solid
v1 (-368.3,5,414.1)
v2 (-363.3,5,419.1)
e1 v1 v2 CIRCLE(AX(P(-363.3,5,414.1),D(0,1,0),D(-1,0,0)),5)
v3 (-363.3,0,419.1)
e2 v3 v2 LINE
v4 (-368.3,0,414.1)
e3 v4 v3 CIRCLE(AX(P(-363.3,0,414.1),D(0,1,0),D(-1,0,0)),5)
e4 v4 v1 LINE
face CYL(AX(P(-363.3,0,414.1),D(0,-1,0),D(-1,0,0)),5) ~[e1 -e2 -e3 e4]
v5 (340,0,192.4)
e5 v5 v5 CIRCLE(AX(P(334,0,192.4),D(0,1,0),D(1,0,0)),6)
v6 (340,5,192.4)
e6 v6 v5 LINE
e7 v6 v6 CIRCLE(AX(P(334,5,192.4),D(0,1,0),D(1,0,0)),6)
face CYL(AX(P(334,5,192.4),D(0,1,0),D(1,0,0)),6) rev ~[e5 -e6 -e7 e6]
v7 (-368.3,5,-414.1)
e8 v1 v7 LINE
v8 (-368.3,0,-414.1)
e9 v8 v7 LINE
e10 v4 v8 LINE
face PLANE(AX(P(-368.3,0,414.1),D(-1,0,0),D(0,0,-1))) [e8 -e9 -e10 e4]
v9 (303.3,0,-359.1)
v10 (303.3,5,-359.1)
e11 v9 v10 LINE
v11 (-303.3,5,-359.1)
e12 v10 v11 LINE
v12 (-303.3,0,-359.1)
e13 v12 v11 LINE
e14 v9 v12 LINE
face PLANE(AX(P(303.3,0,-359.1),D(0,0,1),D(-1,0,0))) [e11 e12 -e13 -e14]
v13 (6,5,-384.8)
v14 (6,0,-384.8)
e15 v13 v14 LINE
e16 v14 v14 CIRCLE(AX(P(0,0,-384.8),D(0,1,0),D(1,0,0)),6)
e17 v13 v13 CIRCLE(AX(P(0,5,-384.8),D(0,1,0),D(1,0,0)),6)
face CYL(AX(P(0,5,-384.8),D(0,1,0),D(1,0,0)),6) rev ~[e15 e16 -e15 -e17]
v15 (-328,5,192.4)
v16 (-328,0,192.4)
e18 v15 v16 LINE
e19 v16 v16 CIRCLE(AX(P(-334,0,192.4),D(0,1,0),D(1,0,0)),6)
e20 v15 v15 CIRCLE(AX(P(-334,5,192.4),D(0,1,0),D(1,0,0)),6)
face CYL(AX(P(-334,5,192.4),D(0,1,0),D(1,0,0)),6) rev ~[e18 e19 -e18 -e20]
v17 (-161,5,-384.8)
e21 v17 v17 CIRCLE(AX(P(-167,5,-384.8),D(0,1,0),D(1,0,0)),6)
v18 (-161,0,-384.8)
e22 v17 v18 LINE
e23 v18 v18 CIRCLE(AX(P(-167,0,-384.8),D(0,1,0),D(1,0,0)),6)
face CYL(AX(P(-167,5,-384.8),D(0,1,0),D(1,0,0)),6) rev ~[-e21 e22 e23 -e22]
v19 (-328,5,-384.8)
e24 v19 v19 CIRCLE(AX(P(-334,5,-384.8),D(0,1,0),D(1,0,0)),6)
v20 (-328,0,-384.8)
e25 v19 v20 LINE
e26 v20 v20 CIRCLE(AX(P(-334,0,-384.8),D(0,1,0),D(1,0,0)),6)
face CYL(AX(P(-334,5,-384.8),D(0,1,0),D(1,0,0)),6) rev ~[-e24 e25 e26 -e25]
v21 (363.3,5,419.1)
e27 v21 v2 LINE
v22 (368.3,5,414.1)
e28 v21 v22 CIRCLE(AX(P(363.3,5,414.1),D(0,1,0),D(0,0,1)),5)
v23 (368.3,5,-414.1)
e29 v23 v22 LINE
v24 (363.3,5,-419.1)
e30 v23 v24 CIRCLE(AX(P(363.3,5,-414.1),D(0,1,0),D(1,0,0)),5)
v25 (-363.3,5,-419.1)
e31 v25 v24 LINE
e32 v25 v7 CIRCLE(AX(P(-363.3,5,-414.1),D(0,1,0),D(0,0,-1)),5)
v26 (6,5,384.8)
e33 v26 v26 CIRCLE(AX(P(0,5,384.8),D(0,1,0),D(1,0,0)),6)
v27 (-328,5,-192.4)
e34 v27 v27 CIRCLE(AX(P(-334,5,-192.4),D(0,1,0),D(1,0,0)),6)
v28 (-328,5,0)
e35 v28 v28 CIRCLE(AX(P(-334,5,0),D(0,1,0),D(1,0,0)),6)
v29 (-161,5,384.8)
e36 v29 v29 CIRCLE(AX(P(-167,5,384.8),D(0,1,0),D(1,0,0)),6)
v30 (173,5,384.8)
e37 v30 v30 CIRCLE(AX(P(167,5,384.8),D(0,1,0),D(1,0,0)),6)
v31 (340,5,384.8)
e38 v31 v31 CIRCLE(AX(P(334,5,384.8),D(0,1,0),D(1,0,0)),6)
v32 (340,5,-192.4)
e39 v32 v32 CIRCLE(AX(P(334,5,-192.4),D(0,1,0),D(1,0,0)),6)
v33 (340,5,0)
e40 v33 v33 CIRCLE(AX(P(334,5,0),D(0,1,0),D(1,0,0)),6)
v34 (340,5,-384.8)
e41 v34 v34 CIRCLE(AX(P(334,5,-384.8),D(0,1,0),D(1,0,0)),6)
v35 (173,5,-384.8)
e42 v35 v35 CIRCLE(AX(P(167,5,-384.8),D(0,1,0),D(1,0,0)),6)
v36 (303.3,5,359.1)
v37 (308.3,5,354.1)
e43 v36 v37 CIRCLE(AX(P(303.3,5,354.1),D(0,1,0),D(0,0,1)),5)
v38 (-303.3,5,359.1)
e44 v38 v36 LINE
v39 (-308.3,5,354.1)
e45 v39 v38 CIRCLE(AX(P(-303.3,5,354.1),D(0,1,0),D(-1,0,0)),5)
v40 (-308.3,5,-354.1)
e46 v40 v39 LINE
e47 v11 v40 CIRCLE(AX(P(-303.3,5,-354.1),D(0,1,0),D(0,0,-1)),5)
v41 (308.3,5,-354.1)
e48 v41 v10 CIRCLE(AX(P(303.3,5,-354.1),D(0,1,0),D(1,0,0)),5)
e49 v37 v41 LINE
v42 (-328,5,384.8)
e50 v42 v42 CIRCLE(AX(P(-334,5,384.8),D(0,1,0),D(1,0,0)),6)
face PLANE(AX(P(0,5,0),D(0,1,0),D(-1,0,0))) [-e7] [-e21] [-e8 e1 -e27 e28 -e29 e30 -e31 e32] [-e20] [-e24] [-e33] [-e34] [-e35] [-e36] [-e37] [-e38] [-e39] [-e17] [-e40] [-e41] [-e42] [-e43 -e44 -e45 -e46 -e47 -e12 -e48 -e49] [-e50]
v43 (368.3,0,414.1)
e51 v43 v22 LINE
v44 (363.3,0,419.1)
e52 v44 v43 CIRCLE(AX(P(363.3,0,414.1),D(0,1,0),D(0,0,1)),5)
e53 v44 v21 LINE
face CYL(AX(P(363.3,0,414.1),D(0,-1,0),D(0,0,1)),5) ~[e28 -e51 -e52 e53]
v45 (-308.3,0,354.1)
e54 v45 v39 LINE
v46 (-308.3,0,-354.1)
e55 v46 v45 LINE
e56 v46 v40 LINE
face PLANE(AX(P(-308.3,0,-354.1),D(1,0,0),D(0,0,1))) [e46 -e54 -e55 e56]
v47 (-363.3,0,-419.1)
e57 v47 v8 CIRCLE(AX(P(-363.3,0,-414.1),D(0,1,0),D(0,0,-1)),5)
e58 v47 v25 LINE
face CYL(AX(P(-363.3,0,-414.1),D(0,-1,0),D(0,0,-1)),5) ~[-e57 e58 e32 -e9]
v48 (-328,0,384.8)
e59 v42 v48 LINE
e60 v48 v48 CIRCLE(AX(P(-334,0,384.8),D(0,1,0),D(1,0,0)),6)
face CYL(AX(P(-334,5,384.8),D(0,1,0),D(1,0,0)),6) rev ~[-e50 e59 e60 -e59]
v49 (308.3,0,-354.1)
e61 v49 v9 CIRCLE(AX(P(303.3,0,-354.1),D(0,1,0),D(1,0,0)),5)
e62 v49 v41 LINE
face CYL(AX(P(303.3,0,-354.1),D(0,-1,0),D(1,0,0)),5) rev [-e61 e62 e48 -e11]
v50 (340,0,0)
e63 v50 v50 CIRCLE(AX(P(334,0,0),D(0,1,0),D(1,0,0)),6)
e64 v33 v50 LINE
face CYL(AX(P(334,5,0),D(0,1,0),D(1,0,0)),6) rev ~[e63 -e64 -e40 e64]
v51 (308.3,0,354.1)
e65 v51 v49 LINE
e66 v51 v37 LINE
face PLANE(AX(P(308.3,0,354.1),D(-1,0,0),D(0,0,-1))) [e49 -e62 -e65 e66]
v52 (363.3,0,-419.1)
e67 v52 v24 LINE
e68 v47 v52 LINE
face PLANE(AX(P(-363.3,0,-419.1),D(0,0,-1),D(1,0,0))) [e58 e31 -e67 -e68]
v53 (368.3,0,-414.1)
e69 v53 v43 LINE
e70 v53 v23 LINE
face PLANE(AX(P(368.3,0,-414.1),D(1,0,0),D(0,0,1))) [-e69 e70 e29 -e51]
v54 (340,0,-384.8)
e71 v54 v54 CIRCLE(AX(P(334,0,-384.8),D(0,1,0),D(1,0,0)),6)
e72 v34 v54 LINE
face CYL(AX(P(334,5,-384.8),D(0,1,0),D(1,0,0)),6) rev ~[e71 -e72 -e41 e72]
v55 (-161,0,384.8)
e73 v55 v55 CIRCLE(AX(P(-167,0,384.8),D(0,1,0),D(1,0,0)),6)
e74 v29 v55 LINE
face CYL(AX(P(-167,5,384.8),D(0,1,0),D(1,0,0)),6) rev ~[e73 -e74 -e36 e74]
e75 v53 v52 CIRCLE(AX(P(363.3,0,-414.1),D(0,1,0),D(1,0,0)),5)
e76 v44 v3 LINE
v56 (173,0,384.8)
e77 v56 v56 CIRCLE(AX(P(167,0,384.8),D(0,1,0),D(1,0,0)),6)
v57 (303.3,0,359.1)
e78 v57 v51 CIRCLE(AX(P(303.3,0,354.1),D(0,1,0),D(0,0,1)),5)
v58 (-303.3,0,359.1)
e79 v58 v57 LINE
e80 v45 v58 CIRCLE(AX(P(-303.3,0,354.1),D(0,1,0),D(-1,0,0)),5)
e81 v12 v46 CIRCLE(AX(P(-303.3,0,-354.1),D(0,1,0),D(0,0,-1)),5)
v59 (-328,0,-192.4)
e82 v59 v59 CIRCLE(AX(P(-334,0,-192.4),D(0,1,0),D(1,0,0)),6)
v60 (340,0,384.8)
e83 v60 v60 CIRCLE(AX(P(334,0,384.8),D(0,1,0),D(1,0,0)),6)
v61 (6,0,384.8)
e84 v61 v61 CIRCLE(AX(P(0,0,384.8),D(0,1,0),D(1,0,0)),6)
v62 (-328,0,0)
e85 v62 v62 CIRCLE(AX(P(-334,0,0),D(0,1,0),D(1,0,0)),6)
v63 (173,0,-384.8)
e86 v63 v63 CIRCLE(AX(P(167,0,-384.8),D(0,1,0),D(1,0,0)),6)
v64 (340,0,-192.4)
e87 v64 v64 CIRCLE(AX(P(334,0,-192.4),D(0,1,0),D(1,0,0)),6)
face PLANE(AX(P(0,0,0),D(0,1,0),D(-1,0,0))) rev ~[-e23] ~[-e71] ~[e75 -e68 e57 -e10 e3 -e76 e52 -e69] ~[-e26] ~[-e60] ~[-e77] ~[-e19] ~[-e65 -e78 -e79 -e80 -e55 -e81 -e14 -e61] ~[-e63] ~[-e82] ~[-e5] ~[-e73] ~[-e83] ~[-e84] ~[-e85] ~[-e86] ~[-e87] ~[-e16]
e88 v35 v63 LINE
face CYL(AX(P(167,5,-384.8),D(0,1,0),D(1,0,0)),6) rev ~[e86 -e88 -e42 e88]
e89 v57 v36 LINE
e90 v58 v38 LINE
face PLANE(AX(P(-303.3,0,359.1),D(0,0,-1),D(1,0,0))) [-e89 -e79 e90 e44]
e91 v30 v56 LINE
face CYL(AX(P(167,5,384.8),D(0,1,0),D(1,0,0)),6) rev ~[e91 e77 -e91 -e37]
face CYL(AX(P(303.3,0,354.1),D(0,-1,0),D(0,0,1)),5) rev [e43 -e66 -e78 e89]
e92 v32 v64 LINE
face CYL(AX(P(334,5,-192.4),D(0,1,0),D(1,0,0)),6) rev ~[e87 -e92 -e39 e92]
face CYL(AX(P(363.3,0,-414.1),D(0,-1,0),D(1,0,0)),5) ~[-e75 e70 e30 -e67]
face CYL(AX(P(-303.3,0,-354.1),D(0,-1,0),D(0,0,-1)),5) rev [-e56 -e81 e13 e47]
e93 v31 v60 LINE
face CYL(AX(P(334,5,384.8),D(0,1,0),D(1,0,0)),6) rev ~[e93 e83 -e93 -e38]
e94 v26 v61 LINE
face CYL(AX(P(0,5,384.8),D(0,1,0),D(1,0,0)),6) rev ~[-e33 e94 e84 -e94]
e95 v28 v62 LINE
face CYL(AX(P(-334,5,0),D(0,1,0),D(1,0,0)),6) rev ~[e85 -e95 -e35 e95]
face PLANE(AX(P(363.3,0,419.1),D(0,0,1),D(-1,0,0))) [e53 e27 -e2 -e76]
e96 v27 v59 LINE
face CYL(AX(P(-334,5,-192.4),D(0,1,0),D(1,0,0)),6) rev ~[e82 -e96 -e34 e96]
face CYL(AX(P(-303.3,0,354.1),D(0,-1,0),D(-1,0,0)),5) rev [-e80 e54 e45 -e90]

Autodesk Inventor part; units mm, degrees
ref_plane "YZ Plane" through (0, 0, 0) normal (1, 0, 0) x (0, 1, 0)
ref_plane "XZ Plane" through (0, 0, 0) normal (0, 1, 0) x (-1, 0, 0)
ref_plane "XY Plane" through (0, 0, 0) normal (0, 0, 1) x (1, 0, 0)
sketch "Sketch1" plane through (0, 0, 0) normal (0, 1, 0) x (-1, 0, 0)
  line L0 (-363.3, 419.1) -> (363.3, 419.1)
  line L1 (368.3, 414.1) -> (368.3, -414.1)
  line L2 (363.3, -419.1) -> (-363.3, -419.1)
  line L3 (-368.3, -414.1) -> (-368.3, 414.1)
  line L4 (-368.3, 419.1) -> (368.3, -419.1) construction
  line L5 (368.3, 419.1) -> (-368.3, -419.1) construction
  line L6 (303.3, 359.1) -> (-303.3, 359.1)
  line L7 (-308.3, 354.1) -> (-308.3, -354.1)
  line L8 (-303.3, -359.1) -> (303.3, -359.1)
  line L9 (308.3, -354.1) -> (308.3, 354.1)
  arc A0 (308.3, 354.1) -> (303.3, 359.1) centre (303.3, 354.1) ccw
  arc A1 (303.3, -359.1) -> (308.3, -354.1) centre (303.3, -354.1) ccw
  arc A2 (-303.3, 359.1) -> (-308.3, 354.1) centre (-303.3, 354.1) ccw
  arc A3 (-308.3, -354.1) -> (-303.3, -359.1) centre (-303.3, -354.1) ccw
  arc A4 (368.3, 414.1) -> (363.3, 419.1) centre (363.3, 414.1) ccw
  arc A5 (-363.3, 419.1) -> (-368.3, 414.1) centre (-363.3, 414.1) ccw
  arc A6 (-368.3, -414.1) -> (-363.3, -419.1) centre (-363.3, -414.1) ccw
  arc A7 (363.3, -419.1) -> (368.3, -414.1) centre (363.3, -414.1) ccw
  point P0 (0, 0)
  dimension "d0" = 736.6
  dimension "d1" = 838.2
  dimension "d2" = 60
  dimension "d4" = 5
extrude "Extrusion1" add sketch "Sketch1" along normal blind 5
sketch "Sketch2" plane through (0, 5, 0) normal (0, 1, 0) x (1, 0, 0)
  circle A0 centre (-334, 384.8) radius 6 projected
  circle A1 centre (-250.5, 384.8) radius 6 projected
  circle A2 centre (-167, 384.8) radius 6 projected
  circle A3 centre (-83.5, 384.8) radius 6 projected
  circle A4 centre (0, 384.8) radius 6 projected
  circle A5 centre (83.5, 384.8) radius 6 projected
  circle A6 centre (-334, 288.6) radius 6 projected
  circle A7 centre (-334, 96.2) radius 6 projected
  circle A8 centre (-334, -96.2) radius 6 projected
  circle A9 centre (-334, -192.4) radius 6 projected
  circle A10 centre (-334, -288.6) radius 6 projected
  circle A11 centre (-334, -384.8) radius 6 projected
  circle A12 centre (-334, 0) radius 6 projected
  circle A13 centre (-334, 192.4) radius 6 projected
  circle A14 centre (-250.5, -384.8) radius 6 projected
  circle A15 centre (-167, -384.8) radius 6 projected
  circle A16 centre (-83.5, -384.8) radius 6 projected
  circle A17 centre (0, -384.8) radius 6 projected
  circle A18 centre (83.5, -384.8) radius 6 projected
  circle A19 centre (167, -384.8) radius 6 projected
  circle A20 centre (250.5, -384.8) radius 6 projected
  circle A21 centre (334, -384.8) radius 6 projected
  circle A22 centre (334, -288.6) radius 6 projected
  circle A23 centre (334, -192.4) radius 6 projected
  circle A24 centre (334, -96.2) radius 6 projected
  circle A25 centre (334, 0) radius 6 projected
  circle A26 centre (334, 96.2) radius 6 projected
  circle A27 centre (334, 192.4) radius 6 projected
  circle A28 centre (334, 288.6) radius 6 projected
  circle A29 centre (334, 384.8) radius 6 projected
  circle A30 centre (167, 384.8) radius 6 projected
  circle A31 centre (250.5, 384.8) radius 6 projected
  point P0 (0, 0)
extrude "Extrusion2" cut sketch "Sketch2" against normal up to next contours A0 | A2 | A4 | A9 | A11 | A12 | A13 | A15 | A17 | A19 | A21 | A23 | A25 | A27 | A29 | A30
properties part number "H3NE-FF"
